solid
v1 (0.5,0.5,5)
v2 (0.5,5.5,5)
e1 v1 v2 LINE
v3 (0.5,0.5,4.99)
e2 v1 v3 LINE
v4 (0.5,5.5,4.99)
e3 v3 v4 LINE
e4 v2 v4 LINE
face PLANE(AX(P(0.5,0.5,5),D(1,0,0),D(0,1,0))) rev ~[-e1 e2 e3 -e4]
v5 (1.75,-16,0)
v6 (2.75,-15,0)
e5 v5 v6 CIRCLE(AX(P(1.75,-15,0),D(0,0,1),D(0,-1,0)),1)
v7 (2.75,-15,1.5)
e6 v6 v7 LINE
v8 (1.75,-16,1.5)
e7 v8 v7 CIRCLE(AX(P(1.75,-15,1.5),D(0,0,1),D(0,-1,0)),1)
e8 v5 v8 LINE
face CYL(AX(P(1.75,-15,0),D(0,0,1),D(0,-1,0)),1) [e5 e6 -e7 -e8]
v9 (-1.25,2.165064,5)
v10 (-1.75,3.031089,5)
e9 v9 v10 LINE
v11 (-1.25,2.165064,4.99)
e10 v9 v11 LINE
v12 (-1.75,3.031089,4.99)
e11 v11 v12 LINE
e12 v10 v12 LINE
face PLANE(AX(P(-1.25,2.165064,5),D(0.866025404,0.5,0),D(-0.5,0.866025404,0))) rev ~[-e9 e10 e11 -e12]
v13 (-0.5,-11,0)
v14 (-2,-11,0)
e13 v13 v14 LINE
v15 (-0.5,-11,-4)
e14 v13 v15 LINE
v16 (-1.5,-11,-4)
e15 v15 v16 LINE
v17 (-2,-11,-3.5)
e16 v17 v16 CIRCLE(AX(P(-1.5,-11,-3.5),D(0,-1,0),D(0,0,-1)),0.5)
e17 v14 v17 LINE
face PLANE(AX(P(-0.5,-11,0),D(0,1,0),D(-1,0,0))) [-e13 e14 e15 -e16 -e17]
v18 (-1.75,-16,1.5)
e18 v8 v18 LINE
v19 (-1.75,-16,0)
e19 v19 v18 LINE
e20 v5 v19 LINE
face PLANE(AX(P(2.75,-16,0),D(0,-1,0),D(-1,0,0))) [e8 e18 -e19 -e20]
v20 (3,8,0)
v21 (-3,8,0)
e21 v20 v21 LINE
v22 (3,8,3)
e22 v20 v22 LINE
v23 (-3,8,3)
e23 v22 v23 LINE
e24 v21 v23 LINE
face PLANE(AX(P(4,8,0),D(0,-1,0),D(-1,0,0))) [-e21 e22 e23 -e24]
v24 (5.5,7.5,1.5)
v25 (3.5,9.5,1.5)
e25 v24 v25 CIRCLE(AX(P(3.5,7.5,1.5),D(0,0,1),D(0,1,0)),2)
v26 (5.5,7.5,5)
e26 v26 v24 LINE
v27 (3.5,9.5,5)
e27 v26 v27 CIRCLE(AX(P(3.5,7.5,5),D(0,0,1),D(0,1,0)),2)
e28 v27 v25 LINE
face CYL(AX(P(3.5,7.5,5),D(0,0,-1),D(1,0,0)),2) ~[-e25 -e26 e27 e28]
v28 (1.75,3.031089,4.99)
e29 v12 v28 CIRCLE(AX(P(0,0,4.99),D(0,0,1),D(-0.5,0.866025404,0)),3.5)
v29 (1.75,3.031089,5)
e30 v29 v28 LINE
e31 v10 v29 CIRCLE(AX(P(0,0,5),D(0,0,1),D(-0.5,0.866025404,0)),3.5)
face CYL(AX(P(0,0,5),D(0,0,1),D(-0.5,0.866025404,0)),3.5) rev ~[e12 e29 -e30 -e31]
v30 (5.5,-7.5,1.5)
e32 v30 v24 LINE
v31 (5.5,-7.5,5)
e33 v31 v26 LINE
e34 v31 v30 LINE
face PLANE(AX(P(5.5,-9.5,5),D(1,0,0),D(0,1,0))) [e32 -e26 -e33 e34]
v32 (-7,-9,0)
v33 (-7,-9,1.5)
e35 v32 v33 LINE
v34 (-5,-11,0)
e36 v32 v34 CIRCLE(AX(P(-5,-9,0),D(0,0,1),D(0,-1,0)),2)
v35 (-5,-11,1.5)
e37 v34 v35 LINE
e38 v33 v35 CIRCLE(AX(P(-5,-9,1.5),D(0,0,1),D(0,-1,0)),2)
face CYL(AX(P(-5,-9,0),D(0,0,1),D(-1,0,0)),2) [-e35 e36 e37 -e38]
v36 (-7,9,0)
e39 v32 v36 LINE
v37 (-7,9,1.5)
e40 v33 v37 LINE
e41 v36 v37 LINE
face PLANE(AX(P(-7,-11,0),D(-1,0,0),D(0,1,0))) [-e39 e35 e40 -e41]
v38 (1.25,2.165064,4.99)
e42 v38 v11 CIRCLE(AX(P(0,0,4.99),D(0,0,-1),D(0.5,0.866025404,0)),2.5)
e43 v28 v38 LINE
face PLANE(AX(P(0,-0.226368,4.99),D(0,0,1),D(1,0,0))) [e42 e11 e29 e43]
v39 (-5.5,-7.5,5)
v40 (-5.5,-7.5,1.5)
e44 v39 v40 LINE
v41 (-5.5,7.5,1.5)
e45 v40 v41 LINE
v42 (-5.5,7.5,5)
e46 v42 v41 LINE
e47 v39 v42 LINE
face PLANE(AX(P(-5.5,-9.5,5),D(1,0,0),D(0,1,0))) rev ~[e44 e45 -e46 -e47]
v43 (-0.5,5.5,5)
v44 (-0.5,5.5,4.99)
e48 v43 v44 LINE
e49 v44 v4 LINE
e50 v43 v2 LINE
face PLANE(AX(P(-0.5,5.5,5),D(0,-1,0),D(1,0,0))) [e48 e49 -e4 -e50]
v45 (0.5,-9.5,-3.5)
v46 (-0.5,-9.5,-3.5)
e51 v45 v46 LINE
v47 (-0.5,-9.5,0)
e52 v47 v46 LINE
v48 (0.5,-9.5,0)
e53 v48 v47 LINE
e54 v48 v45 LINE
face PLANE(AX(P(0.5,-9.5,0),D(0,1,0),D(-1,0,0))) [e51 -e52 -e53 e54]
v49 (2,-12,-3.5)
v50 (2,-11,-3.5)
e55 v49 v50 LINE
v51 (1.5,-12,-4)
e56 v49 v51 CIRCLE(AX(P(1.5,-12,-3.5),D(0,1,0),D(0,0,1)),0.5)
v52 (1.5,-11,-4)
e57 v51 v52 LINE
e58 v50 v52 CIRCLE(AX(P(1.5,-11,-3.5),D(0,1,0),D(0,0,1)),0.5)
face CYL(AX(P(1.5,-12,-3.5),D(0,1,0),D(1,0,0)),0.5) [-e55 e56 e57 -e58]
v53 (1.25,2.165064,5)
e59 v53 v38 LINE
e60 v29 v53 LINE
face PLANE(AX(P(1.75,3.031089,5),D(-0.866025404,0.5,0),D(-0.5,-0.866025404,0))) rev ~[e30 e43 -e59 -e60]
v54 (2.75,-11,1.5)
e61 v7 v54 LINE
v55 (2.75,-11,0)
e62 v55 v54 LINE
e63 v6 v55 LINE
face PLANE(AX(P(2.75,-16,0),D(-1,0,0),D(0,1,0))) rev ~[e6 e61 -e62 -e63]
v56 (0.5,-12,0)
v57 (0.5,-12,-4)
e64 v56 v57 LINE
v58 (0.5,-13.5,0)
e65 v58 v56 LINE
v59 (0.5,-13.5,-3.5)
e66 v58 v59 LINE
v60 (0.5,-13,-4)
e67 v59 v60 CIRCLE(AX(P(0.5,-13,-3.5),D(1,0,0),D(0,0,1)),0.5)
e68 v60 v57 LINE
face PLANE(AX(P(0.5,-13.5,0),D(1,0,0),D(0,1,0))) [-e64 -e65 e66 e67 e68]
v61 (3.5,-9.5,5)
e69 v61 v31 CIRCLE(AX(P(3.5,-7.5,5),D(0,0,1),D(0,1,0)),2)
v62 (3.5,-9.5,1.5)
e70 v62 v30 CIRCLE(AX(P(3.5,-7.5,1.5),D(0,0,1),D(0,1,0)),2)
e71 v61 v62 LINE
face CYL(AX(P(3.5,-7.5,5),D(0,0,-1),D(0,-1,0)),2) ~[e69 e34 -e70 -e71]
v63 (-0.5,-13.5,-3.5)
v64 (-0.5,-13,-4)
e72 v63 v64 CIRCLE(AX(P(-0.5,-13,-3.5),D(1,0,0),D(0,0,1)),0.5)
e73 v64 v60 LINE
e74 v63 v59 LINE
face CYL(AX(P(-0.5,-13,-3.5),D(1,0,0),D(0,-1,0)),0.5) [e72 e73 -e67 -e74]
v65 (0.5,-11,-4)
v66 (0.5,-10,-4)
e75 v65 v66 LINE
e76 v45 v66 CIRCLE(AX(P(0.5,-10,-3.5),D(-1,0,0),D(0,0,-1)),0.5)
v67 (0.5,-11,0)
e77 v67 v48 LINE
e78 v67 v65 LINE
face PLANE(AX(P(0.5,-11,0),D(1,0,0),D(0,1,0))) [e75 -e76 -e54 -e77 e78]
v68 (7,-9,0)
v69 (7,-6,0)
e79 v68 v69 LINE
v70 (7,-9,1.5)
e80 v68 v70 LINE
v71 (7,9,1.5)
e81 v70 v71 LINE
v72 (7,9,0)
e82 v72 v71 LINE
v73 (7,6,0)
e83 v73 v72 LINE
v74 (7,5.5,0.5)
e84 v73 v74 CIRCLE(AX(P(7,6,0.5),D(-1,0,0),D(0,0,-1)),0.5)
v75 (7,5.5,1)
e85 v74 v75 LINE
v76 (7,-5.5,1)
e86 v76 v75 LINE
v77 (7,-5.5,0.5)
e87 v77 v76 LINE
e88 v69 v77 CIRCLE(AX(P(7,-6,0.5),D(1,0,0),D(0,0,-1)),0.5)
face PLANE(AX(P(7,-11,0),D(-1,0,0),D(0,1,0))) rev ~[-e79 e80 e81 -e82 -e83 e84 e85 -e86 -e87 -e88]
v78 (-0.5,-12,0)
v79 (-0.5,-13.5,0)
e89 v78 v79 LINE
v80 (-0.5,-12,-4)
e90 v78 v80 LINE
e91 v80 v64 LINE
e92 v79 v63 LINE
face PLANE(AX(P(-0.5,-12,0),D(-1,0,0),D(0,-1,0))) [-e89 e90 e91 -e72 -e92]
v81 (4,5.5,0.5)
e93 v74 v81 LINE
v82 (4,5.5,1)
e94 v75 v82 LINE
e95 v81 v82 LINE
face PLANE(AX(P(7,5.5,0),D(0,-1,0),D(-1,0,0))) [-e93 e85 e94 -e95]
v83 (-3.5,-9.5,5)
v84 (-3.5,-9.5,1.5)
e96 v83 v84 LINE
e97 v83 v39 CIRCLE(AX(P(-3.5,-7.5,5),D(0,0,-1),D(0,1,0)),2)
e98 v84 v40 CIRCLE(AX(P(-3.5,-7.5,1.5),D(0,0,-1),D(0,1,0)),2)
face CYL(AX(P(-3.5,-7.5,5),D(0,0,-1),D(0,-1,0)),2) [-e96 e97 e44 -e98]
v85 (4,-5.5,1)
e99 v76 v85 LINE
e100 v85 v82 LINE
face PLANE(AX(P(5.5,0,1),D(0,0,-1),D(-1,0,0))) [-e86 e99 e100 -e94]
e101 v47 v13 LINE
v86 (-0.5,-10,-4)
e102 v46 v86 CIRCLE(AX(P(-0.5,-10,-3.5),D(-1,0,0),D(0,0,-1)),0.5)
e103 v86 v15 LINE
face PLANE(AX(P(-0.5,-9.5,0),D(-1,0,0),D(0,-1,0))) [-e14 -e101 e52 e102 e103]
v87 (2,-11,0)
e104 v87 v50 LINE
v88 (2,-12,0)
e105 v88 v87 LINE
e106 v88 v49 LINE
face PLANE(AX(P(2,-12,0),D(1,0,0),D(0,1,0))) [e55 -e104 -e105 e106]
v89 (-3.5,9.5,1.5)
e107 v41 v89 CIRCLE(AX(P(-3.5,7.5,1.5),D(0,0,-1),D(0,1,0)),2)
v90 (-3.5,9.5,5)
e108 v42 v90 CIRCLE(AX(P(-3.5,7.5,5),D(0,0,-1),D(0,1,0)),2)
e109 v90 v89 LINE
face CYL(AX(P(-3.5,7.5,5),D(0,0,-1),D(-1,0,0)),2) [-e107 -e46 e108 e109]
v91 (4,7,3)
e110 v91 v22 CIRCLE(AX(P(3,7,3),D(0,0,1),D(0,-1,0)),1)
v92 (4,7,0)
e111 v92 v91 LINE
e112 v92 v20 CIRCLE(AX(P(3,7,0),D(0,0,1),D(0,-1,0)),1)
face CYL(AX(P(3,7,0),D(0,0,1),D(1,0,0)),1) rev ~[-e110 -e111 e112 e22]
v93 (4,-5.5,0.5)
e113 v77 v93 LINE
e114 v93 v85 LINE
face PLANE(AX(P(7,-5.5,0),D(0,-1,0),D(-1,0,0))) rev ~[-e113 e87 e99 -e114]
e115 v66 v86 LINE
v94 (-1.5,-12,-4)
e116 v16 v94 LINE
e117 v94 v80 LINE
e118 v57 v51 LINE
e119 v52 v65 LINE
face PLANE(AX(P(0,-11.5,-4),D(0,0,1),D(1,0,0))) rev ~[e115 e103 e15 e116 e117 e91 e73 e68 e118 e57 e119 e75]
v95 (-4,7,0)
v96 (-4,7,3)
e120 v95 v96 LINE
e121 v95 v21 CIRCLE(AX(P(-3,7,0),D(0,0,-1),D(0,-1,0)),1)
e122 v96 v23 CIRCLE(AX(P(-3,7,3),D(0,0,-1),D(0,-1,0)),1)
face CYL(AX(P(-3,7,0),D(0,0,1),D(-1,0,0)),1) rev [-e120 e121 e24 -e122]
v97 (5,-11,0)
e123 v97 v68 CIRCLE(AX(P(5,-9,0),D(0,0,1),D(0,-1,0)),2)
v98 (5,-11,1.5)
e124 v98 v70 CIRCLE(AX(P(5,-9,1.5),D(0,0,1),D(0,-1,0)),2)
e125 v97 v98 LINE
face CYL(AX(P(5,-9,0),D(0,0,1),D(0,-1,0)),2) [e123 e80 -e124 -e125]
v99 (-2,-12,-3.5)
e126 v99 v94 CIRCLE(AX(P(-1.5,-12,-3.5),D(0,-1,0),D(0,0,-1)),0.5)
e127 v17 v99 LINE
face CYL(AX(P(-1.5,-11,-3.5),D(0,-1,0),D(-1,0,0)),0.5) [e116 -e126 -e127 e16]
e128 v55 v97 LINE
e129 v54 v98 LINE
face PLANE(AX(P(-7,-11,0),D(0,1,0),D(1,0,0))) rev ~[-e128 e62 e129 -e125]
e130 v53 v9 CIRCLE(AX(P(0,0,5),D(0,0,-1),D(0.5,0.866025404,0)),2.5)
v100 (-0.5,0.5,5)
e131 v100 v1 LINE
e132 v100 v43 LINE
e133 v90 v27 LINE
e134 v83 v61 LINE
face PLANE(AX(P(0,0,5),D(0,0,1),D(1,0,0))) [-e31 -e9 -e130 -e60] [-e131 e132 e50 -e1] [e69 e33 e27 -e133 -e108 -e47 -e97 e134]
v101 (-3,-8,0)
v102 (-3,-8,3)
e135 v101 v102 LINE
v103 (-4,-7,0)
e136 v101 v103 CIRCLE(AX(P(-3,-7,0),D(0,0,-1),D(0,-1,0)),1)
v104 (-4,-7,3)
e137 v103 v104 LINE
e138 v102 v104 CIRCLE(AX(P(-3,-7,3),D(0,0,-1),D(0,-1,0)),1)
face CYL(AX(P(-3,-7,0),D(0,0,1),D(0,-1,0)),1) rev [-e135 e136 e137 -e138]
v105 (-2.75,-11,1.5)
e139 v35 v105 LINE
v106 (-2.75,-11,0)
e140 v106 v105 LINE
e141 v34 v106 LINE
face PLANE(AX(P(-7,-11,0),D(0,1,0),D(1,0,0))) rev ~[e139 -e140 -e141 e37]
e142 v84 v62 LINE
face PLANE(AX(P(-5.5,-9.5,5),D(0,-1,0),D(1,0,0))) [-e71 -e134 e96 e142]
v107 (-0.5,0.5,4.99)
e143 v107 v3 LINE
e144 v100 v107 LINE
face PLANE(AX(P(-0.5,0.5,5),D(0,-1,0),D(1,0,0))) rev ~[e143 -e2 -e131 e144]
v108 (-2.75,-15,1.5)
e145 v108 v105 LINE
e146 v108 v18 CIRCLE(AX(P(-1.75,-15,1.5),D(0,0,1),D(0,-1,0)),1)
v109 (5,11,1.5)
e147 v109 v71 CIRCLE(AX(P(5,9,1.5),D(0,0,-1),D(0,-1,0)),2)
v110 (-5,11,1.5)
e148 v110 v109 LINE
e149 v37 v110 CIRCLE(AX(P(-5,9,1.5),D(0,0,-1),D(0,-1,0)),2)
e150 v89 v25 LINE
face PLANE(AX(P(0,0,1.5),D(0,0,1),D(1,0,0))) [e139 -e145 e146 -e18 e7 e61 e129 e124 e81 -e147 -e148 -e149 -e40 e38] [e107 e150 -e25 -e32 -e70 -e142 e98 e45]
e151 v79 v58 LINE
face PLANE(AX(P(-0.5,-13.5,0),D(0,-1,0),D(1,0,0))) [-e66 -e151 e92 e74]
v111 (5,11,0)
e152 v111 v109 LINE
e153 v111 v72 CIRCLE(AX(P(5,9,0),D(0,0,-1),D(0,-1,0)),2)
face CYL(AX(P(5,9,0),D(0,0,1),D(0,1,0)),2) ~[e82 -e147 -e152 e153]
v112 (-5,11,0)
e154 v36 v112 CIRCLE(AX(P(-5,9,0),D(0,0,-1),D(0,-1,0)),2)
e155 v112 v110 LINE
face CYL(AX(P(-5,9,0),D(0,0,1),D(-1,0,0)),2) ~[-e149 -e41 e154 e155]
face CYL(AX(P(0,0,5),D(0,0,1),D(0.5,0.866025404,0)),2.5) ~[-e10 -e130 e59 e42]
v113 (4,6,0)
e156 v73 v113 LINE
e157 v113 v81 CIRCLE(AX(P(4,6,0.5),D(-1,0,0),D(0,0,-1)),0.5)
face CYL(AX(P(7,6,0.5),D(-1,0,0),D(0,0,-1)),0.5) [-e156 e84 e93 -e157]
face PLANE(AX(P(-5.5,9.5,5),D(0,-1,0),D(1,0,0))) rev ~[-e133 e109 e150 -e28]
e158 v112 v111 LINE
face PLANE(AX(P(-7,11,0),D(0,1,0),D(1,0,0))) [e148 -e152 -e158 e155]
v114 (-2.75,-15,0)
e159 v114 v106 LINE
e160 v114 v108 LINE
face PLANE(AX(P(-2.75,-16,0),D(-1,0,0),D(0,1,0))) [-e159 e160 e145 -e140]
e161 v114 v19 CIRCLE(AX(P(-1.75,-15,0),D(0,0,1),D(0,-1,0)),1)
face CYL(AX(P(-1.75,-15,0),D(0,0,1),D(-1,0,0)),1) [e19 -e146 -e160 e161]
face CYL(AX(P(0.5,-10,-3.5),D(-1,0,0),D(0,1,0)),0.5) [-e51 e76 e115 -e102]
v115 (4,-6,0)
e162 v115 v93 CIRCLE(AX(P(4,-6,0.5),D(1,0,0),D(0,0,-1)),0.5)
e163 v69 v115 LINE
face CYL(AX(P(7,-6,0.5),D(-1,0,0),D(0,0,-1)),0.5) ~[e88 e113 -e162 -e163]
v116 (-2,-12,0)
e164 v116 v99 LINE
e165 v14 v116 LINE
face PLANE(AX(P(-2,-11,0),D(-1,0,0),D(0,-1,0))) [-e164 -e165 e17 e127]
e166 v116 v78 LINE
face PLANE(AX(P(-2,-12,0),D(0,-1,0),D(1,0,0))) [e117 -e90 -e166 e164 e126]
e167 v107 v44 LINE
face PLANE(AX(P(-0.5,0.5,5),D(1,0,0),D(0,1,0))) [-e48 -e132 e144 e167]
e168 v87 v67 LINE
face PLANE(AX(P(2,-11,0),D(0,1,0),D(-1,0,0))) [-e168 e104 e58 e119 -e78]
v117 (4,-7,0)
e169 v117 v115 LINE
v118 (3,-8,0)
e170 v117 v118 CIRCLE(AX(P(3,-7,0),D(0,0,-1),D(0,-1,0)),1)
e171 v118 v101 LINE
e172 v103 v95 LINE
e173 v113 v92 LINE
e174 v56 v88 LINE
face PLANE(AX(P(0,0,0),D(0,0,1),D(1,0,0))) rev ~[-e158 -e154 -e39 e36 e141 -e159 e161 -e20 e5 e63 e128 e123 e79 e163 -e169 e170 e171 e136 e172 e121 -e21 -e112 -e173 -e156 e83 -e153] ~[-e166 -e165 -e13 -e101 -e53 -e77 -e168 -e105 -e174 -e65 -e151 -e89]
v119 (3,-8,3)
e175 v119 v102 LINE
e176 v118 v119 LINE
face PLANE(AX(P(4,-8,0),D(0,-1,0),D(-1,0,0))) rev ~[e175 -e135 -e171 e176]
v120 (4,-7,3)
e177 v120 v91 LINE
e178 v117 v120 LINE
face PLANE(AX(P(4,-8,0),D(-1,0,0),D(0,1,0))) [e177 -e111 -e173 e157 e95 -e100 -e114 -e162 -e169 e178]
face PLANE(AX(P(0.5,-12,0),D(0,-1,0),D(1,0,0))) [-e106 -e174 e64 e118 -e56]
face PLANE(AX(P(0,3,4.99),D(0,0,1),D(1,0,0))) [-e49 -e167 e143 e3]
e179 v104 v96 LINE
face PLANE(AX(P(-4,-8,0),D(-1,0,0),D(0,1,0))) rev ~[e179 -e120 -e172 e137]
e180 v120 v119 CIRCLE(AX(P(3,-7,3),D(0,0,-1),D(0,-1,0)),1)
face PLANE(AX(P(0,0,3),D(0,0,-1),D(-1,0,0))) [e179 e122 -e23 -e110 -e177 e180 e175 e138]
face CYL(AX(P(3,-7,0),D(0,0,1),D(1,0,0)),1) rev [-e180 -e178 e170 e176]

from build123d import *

# Parameters (mm, degrees)
SKETCH_1_W           = 14
SKETCH_1_H           = 22
EXTRUDE_1_DEPTH      = 5
SKETCH_2_OUTSIDE_W   = 21.31
SKETCH_2_OUTSIDE_H   = 29.31
SKETCH_2_OUTSIDE_W_2 = 11
SKETCH_2_OUTSIDE_H_2 = 19
CUT_EXTRUDE_1_DEPTH  = 3.5
SKETCH_3_W           = 8
SKETCH_3_H           = 16
CUT_EXTRUDE_2_DEPTH  = 3
SKETCH_4_W           = 5.5
SKETCH_4_H           = 5
EXTRUDE_2_DEPTH      = 1.5
FILLET_1_R           = 2
FILLET_2_R           = 1
EXTRUDE_3_DEPTH      = 4
SKETCH_6_W           = 1
SKETCH_6_H           = 5
CUT_EXTRUDE_3_DEPTH  = 0.01
SKETCH_7_W           = 3
SKETCH_7_H           = 11
CUT_EXTRUDE_4_DEPTH  = 1
FILLET_3_R           = 0.5


with BuildPart() as part:
    # 草图1 → 凸台-拉伸1 (new body)
    with BuildSketch(Plane.XY):
        Rectangle(SKETCH_1_W, SKETCH_1_H)
    extrude(amount=EXTRUDE_1_DEPTH)

    # 草图2 outside → 切除-拉伸1 (cut)
    with BuildSketch(Plane.XY.offset(5)):
        Rectangle(SKETCH_2_OUTSIDE_W, SKETCH_2_OUTSIDE_H)
        Rectangle(SKETCH_2_OUTSIDE_W_2, SKETCH_2_OUTSIDE_H_2, mode=Mode.SUBTRACT)
    extrude(amount=-CUT_EXTRUDE_1_DEPTH, mode=Mode.SUBTRACT)

    # 草图3 → 切除-拉伸2 (cut)
    with BuildSketch(Plane(origin=(0, 0, 0), x_dir=(-1, 0, 0), z_dir=(0, 0, -1))):
        Rectangle(SKETCH_3_W, SKETCH_3_H)
    extrude(amount=-CUT_EXTRUDE_2_DEPTH, mode=Mode.SUBTRACT)

    # 草图4 → 凸台-拉伸2 (add)
    with BuildSketch(Plane(origin=(0, 0, 0), x_dir=(-1, 0, 0), z_dir=(0, 0, -1))):
        with Locations((0, -13.5)):
            Rectangle(SKETCH_4_W, SKETCH_4_H)
    extrude(amount=-EXTRUDE_2_DEPTH)

    # 圆角1
    fillet_1_edges = [part.edges().sort_by_distance(p)[0] for p in [
        (-7, 11, 0.75),
        (7, 11, 0.75),
        (7, -11, 0.75),
        (-7, -11, 0.75),
        (5.5, -9.5, 3.25),
        (-5.5, -9.5, 3.25),
        (-5.5, 9.5, 3.25),
        (5.5, 9.5, 3.25),
    ]]
    fillet(fillet_1_edges, radius=FILLET_1_R)

    # 圆角2
    fillet_2_edges = [part.edges().sort_by_distance(p)[0] for p in [
        (4, -8, 1.5),
        (4, 8, 1.5),
        (-4, 8, 1.5),
        (-4, -8, 1.5),
        (-2.75, -16, 0.75),
        (2.75, -16, 0.75),
    ]]
    fillet(fillet_2_edges, radius=FILLET_2_R)

    # 草图5 → 凸台-拉伸3 (add)
    with BuildSketch(Plane(origin=(0, 0, 0), x_dir=(-1, 0, 0), z_dir=(0, 0, -1))):
        Polygon((-2, -11), (-0.5, -11), (-0.5, -9.5), (0.5, -9.5), (0.5, -11), (2, -11), (2, -12), (0.5, -12), (0.5, -13.5), (-0.5, -13.5), (-0.5, -12), (-2, -12), align=None)
    extrude(amount=EXTRUDE_3_DEPTH)

    # 草图6 → 切除-拉伸3 (cut)
    with BuildSketch(Plane.XY.offset(5)):
        with BuildLine():
            Line((-1.25, 2.165063509), (-1.75, 3.031088913))
            ThreePointArc((-1.75, 3.031088913), (0, -3.5), (1.75, 3.031088913))
            Line((1.75, 3.031088913), (1.25, 2.165063509))
            ThreePointArc((1.25, 2.165063509), (0, -2.5), (-1.25, 2.165063509))
        make_face()
        with Locations((0, 3)):
            Rectangle(SKETCH_6_W, SKETCH_6_H)
    extrude(amount=-CUT_EXTRUDE_3_DEPTH, mode=Mode.SUBTRACT)

    # 草图7 → 切除-拉伸4 (cut)
    with BuildSketch(Plane(origin=(0, 0, 0), x_dir=(-1, 0, 0), z_dir=(0, 0, -1))):
        with Locations((-5.5, 0)):
            Rectangle(SKETCH_7_W, SKETCH_7_H)
    extrude(amount=-CUT_EXTRUDE_4_DEPTH, mode=Mode.SUBTRACT)

    # 圆角3
    fillet_3_edges = [part.edges().sort_by_distance(p)[0] for p in [
        (2, -11.5, -4),
        (0, -13.5, -4),
        (-2, -11.5, -4),
        (0, -9.5, -4),
        (5.5, -5.5, 0),
        (5.5, 5.5, 0),
    ]]
    fillet(fillet_3_edges, radius=FILLET_3_R)


solid = part.part
